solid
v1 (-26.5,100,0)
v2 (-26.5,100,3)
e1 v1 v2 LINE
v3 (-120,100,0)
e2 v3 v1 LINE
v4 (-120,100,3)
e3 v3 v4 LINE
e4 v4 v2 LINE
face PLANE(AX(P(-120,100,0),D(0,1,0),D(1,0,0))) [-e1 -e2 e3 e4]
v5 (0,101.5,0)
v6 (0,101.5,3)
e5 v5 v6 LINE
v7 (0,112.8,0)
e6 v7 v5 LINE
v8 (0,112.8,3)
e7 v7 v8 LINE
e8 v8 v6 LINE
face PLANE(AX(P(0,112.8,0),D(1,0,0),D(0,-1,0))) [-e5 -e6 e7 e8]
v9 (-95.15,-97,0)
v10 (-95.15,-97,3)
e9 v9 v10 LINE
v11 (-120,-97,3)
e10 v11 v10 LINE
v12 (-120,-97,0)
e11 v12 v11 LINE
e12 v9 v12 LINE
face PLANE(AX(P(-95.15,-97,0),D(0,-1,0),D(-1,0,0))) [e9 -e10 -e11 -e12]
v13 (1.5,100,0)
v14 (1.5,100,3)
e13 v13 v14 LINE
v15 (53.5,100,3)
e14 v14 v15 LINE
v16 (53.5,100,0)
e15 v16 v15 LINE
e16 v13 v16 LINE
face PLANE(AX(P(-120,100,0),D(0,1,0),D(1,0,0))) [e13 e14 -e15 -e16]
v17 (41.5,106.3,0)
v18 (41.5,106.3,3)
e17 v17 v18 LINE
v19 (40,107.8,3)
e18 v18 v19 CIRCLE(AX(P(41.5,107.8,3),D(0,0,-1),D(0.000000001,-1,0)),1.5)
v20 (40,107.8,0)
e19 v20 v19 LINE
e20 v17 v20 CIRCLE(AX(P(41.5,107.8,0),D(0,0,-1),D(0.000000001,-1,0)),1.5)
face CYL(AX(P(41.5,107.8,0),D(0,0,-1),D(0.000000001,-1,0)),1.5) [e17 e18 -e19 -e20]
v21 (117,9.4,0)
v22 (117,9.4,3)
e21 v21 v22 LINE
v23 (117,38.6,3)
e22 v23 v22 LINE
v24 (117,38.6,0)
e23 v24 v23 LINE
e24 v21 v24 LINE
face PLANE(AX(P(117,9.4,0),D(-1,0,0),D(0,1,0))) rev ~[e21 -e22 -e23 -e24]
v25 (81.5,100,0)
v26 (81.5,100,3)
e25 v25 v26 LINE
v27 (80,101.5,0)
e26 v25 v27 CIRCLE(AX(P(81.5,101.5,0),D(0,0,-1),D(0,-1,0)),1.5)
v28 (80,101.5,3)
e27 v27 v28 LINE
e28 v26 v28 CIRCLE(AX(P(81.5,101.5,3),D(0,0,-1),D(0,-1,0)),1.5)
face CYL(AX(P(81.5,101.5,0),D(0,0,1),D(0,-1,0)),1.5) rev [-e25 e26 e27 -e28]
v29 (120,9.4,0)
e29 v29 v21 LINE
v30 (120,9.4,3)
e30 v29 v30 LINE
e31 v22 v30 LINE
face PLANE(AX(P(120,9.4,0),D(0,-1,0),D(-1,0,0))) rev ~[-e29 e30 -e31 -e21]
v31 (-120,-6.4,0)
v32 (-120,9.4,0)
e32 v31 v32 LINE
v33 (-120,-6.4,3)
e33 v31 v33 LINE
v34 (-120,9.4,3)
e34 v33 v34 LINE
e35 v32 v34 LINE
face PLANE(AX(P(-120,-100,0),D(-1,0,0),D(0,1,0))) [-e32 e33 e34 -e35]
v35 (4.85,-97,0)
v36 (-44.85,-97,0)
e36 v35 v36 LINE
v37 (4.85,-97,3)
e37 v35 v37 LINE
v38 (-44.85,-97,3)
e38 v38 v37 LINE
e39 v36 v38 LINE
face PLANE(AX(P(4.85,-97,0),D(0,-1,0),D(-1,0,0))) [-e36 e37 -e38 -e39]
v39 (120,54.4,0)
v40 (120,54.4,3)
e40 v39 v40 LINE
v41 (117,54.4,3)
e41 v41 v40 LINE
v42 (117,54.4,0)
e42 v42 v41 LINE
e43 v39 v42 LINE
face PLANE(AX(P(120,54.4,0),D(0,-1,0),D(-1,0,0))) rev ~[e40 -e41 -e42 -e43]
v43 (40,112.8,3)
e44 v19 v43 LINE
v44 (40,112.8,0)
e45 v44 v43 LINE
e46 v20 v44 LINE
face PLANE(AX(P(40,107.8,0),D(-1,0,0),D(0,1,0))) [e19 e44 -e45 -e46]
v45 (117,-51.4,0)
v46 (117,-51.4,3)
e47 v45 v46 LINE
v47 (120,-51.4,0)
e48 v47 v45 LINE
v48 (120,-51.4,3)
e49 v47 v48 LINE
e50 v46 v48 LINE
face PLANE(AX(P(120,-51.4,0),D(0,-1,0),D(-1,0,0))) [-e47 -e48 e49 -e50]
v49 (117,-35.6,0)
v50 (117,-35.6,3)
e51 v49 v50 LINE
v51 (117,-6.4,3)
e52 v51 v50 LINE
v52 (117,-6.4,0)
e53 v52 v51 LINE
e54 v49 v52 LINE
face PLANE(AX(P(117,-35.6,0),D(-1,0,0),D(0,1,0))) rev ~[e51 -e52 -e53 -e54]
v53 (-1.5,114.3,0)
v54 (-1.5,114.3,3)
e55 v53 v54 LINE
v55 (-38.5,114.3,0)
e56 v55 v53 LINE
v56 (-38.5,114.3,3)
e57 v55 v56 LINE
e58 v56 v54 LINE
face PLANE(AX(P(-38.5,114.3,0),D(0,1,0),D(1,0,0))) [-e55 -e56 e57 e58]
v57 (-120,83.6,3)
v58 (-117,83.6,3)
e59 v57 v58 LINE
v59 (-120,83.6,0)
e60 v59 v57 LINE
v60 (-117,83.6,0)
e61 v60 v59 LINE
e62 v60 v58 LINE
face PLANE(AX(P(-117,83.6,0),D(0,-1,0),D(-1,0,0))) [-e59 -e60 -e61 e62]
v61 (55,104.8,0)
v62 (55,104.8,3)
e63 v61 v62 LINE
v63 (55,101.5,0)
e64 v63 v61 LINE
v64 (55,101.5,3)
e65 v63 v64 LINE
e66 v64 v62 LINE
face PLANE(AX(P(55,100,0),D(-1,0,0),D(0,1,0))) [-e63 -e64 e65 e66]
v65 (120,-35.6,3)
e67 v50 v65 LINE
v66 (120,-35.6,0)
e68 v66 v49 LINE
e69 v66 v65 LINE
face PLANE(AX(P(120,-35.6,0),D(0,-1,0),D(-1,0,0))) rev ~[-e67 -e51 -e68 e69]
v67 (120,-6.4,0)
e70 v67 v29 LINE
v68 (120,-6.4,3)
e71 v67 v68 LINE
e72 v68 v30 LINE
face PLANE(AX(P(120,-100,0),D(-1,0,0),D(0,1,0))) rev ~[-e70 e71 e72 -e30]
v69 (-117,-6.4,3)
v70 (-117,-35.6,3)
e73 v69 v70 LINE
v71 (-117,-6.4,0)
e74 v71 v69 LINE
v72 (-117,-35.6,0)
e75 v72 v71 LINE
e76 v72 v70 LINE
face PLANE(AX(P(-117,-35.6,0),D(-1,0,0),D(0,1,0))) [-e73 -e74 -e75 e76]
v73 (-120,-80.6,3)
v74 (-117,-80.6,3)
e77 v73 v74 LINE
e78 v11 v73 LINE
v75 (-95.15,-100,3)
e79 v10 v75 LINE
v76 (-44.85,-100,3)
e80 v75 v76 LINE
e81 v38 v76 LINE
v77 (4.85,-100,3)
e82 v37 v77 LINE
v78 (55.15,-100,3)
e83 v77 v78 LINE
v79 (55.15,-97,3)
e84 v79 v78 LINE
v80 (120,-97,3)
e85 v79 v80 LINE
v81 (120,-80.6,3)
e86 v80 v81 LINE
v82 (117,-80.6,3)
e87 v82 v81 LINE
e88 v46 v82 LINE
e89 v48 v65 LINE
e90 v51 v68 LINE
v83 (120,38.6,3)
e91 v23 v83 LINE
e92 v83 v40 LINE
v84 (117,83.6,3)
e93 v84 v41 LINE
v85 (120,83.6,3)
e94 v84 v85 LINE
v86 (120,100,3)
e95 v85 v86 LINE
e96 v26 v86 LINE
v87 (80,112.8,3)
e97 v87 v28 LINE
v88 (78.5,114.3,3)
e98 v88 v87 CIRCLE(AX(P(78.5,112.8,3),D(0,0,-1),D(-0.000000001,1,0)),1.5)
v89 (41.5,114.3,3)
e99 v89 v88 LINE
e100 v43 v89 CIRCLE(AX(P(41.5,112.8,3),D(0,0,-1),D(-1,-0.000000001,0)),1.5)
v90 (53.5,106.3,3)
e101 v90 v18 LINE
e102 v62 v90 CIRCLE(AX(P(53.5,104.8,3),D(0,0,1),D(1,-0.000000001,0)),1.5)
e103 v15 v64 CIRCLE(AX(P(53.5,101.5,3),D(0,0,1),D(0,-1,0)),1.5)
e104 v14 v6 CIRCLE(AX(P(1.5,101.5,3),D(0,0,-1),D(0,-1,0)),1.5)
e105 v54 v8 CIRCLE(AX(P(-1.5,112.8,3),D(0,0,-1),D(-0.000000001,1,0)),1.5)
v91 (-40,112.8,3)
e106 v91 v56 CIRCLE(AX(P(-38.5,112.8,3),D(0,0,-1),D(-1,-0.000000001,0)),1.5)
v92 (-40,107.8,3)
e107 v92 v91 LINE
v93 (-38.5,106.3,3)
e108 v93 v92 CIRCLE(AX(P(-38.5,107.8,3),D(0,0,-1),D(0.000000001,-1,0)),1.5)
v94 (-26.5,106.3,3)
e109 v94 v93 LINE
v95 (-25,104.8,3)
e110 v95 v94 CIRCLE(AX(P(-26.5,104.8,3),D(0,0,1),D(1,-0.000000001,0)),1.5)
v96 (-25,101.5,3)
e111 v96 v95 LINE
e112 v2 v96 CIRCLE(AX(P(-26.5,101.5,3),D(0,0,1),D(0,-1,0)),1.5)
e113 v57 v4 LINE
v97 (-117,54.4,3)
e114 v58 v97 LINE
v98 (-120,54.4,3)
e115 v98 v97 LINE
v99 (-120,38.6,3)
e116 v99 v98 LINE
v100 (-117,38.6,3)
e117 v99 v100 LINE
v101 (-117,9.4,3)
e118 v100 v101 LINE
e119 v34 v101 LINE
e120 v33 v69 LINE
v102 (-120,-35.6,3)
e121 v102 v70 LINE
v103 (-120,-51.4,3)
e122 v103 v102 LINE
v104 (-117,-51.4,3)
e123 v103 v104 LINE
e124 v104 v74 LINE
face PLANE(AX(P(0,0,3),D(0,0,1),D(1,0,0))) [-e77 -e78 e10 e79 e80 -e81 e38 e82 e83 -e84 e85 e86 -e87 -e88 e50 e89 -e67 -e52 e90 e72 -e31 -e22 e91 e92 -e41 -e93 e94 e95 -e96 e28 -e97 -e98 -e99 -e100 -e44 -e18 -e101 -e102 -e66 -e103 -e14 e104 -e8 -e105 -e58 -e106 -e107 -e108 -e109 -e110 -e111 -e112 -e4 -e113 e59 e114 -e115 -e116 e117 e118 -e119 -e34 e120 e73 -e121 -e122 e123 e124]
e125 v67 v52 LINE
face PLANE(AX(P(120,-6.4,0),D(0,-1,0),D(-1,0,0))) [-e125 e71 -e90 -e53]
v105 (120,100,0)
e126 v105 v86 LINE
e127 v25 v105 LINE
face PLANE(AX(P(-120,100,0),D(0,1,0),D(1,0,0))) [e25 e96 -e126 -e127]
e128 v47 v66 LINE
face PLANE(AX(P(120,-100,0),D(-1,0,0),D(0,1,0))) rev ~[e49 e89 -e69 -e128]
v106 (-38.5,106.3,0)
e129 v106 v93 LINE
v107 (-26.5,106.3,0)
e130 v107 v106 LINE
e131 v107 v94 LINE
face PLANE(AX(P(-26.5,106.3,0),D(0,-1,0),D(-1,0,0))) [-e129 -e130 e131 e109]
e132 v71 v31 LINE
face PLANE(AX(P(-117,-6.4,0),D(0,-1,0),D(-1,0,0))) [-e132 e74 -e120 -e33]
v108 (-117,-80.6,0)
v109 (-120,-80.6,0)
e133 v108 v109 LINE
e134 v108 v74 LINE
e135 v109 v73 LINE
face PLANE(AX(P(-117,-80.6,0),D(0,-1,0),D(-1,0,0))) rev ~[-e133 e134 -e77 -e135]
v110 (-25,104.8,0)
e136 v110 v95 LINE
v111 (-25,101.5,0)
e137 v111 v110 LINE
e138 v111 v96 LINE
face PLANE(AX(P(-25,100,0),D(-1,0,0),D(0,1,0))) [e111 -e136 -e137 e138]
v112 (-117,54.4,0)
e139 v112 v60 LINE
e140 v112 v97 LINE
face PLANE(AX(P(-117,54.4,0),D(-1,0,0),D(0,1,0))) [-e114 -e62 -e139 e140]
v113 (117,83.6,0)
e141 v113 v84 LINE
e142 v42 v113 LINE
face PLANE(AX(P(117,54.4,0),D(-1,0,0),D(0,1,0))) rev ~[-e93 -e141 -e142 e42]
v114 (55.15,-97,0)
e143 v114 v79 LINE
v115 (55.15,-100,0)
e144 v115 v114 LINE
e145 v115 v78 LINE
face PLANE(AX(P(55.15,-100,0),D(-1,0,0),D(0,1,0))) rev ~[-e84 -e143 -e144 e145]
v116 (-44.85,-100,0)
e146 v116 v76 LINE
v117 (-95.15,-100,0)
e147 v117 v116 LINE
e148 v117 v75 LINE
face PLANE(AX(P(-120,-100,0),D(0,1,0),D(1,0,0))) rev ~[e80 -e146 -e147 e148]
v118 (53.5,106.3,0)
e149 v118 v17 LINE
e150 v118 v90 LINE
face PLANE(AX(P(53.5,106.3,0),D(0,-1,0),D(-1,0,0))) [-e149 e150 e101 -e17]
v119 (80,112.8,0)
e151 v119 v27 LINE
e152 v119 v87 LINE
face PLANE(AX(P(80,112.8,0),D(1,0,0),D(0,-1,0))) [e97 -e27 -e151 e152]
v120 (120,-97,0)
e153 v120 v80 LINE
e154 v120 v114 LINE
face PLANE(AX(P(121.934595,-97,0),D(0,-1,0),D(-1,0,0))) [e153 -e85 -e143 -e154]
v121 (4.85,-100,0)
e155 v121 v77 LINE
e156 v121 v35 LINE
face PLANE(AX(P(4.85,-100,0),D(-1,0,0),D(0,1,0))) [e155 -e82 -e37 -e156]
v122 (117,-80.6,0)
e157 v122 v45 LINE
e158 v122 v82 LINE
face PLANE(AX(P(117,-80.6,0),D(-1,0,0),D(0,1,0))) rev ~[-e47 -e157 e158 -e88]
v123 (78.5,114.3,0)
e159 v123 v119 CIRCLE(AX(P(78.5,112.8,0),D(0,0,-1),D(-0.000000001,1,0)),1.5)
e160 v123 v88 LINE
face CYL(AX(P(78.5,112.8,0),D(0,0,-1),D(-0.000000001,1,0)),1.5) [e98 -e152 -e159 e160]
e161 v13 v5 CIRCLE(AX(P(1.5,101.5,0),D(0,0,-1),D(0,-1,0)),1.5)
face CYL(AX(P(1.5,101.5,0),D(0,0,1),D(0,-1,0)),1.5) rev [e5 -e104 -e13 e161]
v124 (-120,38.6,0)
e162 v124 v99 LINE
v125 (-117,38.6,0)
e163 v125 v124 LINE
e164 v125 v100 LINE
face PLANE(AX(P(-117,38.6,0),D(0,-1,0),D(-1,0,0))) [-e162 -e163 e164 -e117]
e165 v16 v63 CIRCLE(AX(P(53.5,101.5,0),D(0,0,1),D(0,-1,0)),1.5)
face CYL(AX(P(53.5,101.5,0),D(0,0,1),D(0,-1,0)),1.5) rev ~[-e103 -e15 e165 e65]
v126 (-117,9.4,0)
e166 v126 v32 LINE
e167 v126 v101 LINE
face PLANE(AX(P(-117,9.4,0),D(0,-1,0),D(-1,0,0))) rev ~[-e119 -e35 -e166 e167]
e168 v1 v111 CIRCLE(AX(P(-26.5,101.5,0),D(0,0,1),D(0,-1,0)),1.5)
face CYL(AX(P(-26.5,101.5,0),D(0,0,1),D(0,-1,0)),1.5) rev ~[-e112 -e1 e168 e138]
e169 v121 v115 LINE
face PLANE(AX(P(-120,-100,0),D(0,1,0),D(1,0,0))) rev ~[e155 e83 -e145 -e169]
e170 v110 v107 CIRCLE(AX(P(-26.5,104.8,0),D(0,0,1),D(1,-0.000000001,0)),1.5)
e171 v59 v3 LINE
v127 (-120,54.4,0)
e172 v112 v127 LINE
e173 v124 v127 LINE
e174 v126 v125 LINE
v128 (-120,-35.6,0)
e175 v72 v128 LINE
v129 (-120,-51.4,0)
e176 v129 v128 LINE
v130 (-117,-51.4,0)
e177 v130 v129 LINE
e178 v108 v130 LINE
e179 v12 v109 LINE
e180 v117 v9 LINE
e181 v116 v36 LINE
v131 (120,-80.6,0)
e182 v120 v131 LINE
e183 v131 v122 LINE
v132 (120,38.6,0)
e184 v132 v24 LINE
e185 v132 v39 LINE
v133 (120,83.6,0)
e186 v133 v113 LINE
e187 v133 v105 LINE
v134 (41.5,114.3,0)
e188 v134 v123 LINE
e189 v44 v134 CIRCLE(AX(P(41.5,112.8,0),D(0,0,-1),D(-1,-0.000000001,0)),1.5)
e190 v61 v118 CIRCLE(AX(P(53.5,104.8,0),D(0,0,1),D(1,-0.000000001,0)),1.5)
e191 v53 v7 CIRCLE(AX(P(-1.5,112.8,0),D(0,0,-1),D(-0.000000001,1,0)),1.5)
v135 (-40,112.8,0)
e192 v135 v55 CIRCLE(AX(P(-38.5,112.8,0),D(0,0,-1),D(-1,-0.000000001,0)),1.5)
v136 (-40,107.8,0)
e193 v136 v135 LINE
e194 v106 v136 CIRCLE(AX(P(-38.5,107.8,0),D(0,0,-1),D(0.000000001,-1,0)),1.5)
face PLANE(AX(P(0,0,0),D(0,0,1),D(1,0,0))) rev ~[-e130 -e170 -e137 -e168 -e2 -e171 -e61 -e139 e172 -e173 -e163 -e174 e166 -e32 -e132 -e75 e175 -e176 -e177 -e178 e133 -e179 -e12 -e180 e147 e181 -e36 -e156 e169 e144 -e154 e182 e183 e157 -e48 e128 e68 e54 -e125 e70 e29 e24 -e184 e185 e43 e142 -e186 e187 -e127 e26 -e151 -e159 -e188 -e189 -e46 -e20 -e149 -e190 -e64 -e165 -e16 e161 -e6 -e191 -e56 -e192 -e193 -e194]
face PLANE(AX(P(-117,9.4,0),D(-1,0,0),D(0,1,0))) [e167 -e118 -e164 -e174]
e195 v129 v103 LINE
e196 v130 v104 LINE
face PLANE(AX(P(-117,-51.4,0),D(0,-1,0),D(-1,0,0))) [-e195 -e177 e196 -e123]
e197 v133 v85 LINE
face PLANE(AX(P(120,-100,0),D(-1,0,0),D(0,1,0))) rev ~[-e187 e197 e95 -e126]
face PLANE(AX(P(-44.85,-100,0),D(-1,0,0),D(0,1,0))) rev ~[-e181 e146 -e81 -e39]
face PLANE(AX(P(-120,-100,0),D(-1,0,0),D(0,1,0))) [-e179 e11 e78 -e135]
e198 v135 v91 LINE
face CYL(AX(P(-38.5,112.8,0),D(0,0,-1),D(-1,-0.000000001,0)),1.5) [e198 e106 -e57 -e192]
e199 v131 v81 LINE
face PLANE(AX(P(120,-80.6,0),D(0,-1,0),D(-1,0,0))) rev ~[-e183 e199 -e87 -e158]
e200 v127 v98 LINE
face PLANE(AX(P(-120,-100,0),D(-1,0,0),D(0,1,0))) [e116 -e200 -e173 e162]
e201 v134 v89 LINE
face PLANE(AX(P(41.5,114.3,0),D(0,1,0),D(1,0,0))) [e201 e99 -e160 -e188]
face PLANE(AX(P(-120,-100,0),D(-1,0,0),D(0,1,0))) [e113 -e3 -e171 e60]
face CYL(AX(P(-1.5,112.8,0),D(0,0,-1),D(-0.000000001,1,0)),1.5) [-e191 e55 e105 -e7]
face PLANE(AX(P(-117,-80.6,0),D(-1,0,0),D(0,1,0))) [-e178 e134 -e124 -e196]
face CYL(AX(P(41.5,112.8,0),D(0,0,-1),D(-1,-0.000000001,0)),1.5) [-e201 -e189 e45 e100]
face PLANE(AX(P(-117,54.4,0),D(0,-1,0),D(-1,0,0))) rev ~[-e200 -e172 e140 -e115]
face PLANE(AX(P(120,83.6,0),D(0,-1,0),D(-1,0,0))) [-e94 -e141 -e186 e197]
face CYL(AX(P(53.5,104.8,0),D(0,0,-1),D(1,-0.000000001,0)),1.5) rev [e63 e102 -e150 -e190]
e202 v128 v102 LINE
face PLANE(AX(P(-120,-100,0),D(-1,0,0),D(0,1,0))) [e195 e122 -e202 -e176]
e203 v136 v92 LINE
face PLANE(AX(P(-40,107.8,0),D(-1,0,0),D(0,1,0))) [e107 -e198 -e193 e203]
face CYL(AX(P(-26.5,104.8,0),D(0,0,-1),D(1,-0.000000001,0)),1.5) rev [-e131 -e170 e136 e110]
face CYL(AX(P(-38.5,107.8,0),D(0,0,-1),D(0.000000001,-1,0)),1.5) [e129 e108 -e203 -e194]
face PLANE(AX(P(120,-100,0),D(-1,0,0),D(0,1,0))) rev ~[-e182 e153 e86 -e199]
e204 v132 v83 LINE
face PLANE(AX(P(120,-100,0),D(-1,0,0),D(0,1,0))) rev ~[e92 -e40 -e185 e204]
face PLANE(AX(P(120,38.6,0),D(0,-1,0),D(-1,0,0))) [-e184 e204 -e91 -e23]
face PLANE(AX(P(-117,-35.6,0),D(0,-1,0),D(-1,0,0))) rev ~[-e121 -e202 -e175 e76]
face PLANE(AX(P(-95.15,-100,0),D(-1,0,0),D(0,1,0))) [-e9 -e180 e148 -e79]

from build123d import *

# Parameters (mm, degrees)
CROQUIS1_W              = 240
CROQUIS1_H              = 200
SALIENTE_EXTRUIR1_DEPTH = 3
CROQUIS2_W              = 3
CROQUIS2_H              = 29.2
CROQUIS2_W_2            = 24.85
CROQUIS2_H_2            = 3
CROQUIS2_W_3            = 49.7
CROQUIS2_W_4            = 66.784595416
CORTAR_EXTRUIR1_DEPTH   = 4
SALIENTE_EXTRUIR2_DEPTH = 3
REDONDEO1_R             = 1.5


with BuildPart() as part:
    # Croquis1 → Saliente-Extruir1 (new body)
    with BuildSketch(Plane.XY):
        Rectangle(CROQUIS1_W, CROQUIS1_H)
    extrude(amount=SALIENTE_EXTRUIR1_DEPTH)

    # Croquis2 → Cortar-Extruir1 (cut, through all)
    with BuildSketch(Plane(origin=(0, 0, 0), x_dir=(-1, 0, 0), z_dir=(0, 0, -1))):
        with Locations((-118.5, -66)):
            Rectangle(CROQUIS2_W, CROQUIS2_H)
        with Locations((-118.5, -21)):
            Rectangle(CROQUIS2_W, CROQUIS2_H)
        with Locations((-118.5, 24)):
            Rectangle(CROQUIS2_W, CROQUIS2_H)
        with Locations((-118.5, 69)):
            Rectangle(CROQUIS2_W, CROQUIS2_H)
        with Locations((107.575, -98.5)):
            Rectangle(CROQUIS2_W_2, CROQUIS2_H_2)
        with Locations((20, -98.5)):
            Rectangle(CROQUIS2_W_3, CROQUIS2_H_2)
        with Locations((-88.542297708, -98.5)):
            Rectangle(CROQUIS2_W_4, CROQUIS2_H_2)
        with Locations((118.5, -66)):
            Rectangle(CROQUIS2_W, CROQUIS2_H)
        with Locations((118.5, -21)):
            Rectangle(CROQUIS2_W, CROQUIS2_H)
        with Locations((118.5, 24)):
            Rectangle(CROQUIS2_W, CROQUIS2_H)
        with Locations((118.5, 69)):
            Rectangle(CROQUIS2_W, CROQUIS2_H)
    extrude(amount=-CORTAR_EXTRUIR1_DEPTH, mode=Mode.SUBTRACT)

    # Croquis3 → Saliente-Extruir2 (add)
    with BuildSketch(Plane(origin=(0, 0, 0), x_dir=(-1, 0, 0), z_dir=(0, 0, -1))):
        with BuildLine():
            Line((-55, 100), (-55, 104.8))
            ThreePointArc((-55, 104.8), (-54.560660172, 105.860660172), (-53.5, 106.3))
            Line((-53.5, 106.3), (-41.5, 106.3))
            ThreePointArc((-41.5, 106.3), (-40.439339828, 106.739339828), (-40, 107.8))
            Line((-40, 107.8), (-40, 112.8))
            ThreePointArc((-40, 112.8), (-40.439339828, 113.860660172), (-41.5, 114.3))
            Line((-41.5, 114.3), (-78.5, 114.3))
            ThreePointArc((-78.5, 114.3), (-79.560660172, 113.860660172), (-80, 112.8))
            Line((-80, 112.8), (-80, 100))
            Line((-80, 100), (-55, 100))
        make_face()
        with BuildLine():
            Line((0, 100), (25, 100))
            Line((25, 100), (25, 104.8))
            ThreePointArc((25, 104.8), (25.439339828, 105.860660172), (26.5, 106.3))
            Line((26.5, 106.3), (38.5, 106.3))
            ThreePointArc((38.5, 106.3), (39.560660172, 106.739339828), (40, 107.8))
            Line((40, 107.8), (40, 112.8))
            ThreePointArc((40, 112.8), (39.560660172, 113.860660172), (38.5, 114.3))
            Line((38.5, 114.3), (1.5, 114.3))
            ThreePointArc((1.5, 114.3), (0.439339828, 113.860660172), (0, 112.8))
            Line((0, 112.8), (0, 100))
        make_face()
    extrude(amount=-SALIENTE_EXTRUIR2_DEPTH)

    # Redondeo1
    redondeo1_edges = [part.edges().sort_by_distance(p)[0] for p in [
        (55, 100, 1.5),
        (80, 100, 1.5),
        (-25, 100, 1.5),
        (0, 100, 1.5),
    ]]
    fillet(redondeo1_edges, radius=REDONDEO1_R)


solid = part.part
